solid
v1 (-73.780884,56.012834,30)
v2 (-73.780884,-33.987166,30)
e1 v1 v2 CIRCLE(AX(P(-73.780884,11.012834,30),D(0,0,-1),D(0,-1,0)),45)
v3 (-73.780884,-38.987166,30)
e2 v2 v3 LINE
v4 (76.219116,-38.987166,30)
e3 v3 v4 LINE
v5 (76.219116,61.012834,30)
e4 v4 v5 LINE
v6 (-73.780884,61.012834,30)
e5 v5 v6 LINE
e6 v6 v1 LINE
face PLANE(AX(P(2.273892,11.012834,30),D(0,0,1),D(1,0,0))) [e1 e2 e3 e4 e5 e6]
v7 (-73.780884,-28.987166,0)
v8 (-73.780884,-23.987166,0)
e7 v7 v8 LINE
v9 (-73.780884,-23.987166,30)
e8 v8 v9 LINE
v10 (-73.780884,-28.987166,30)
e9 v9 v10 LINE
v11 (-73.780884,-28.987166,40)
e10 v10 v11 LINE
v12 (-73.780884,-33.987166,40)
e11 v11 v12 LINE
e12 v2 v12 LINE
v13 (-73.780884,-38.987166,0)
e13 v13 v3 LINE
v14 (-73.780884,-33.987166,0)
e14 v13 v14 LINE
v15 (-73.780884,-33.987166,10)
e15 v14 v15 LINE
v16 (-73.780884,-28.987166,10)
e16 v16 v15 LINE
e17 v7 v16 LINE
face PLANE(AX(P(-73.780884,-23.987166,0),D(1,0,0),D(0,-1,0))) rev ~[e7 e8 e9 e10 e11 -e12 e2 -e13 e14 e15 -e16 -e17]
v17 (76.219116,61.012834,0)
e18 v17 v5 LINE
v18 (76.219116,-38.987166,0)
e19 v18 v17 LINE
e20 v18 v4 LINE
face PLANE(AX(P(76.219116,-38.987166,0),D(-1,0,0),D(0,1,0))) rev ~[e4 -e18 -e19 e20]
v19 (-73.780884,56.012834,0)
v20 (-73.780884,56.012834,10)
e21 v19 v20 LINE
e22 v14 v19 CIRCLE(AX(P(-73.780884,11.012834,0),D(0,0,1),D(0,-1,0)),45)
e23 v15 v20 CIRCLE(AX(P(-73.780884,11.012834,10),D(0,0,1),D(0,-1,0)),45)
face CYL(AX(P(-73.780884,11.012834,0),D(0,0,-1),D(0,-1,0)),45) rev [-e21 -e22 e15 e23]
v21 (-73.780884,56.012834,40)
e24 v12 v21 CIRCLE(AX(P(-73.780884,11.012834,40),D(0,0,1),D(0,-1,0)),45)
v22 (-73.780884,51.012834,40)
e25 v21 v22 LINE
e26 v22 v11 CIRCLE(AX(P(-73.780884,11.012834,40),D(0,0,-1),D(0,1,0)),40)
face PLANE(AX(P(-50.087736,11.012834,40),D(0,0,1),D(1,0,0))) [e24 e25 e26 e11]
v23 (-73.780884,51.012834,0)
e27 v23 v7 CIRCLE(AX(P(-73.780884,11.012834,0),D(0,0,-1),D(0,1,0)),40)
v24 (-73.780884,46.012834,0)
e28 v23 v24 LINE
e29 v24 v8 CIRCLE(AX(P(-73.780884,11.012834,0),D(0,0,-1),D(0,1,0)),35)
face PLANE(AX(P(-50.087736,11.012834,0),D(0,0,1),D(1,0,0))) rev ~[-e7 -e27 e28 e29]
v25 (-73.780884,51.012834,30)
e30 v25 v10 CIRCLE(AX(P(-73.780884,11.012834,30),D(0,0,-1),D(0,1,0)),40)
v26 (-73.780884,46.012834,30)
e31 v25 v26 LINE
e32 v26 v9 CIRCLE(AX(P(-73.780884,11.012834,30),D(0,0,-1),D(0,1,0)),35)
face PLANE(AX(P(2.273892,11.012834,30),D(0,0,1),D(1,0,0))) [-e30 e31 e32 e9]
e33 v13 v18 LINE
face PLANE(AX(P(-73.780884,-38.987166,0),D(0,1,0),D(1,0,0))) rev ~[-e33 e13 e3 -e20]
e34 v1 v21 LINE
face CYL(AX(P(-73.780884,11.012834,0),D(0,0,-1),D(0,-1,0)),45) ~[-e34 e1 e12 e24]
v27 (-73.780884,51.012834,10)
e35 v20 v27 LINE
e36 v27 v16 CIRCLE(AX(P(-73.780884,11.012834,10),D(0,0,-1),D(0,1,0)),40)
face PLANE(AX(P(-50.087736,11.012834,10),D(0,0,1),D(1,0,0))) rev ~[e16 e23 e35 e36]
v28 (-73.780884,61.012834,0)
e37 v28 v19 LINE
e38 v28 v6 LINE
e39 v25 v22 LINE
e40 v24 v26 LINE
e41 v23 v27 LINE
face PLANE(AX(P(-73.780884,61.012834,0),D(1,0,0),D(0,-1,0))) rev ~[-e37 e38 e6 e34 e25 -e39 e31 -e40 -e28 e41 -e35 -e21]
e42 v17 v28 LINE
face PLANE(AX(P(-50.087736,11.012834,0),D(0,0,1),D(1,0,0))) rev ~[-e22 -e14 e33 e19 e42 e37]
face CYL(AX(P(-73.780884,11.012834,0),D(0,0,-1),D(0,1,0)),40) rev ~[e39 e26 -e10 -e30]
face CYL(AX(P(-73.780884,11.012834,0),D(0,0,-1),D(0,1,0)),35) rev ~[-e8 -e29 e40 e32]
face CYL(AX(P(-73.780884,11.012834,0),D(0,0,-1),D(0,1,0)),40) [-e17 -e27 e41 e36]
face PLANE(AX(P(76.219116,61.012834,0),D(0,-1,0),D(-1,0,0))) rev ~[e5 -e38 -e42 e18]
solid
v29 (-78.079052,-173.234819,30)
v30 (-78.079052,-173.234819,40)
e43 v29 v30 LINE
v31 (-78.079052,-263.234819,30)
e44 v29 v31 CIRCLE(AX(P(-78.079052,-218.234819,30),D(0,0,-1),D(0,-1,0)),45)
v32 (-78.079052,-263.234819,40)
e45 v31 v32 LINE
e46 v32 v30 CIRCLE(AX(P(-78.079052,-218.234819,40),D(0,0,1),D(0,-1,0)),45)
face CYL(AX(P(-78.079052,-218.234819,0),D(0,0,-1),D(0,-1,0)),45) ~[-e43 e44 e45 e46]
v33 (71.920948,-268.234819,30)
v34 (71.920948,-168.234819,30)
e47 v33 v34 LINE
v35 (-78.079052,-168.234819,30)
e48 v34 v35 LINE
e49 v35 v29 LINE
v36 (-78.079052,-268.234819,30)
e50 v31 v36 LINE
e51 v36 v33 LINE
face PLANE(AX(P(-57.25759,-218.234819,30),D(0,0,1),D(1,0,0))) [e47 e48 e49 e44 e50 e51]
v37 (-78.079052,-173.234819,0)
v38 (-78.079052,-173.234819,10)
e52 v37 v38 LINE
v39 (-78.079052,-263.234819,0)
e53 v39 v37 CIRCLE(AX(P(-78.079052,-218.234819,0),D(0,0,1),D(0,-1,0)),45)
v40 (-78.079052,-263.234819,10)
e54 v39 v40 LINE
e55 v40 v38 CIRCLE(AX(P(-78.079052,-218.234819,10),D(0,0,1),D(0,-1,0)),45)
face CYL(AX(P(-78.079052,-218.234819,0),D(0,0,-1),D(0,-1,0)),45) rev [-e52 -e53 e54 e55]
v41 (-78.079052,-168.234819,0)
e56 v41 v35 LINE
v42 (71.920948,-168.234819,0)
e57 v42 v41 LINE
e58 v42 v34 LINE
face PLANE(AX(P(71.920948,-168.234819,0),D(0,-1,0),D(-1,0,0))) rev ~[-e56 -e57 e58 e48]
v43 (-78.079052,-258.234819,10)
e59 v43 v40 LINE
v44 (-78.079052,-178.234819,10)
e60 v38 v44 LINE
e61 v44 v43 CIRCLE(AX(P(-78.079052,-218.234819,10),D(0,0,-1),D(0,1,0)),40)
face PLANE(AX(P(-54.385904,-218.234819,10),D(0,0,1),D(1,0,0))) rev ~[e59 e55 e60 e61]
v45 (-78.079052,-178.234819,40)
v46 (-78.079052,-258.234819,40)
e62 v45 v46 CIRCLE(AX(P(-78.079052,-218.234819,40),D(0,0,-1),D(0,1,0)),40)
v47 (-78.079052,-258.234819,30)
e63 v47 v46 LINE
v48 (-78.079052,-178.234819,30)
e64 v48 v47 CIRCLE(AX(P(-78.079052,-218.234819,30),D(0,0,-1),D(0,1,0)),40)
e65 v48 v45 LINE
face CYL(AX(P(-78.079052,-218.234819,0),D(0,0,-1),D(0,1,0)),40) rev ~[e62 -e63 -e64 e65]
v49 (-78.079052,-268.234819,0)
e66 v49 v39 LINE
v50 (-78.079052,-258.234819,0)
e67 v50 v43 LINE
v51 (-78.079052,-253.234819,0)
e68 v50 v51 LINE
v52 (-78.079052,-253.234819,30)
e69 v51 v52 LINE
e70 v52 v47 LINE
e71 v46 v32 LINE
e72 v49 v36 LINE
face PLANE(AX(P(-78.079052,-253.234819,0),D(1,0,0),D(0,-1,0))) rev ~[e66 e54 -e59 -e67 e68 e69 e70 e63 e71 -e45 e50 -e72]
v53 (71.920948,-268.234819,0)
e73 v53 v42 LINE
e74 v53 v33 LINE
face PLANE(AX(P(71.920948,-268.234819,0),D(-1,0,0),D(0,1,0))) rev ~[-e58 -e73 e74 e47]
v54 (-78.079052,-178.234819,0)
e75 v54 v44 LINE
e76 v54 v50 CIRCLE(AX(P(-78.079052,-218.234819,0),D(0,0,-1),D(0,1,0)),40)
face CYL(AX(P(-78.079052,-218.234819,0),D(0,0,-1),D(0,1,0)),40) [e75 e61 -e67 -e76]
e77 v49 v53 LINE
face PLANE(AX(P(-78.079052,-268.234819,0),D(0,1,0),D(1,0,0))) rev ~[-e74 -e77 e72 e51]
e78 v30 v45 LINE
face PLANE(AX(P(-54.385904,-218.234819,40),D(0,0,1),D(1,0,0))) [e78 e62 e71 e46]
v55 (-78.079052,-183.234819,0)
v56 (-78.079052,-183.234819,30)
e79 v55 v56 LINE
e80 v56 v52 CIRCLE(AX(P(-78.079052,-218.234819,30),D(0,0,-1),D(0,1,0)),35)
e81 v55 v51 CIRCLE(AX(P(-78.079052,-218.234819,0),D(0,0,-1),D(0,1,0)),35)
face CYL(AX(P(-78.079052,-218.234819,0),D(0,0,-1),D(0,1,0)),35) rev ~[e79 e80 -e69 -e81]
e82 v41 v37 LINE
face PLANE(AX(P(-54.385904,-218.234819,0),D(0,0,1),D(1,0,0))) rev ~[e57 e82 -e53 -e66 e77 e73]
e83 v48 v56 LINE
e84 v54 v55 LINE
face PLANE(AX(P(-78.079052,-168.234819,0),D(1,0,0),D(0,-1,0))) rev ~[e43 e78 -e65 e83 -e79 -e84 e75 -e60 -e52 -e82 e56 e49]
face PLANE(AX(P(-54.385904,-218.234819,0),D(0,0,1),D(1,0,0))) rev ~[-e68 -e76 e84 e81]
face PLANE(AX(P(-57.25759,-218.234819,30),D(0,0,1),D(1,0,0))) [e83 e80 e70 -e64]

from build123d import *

# Parameters (mm, degrees)
F1_DEPTH = 30
F2_DEPTH = 40
F3_DEPTH = 10


with BuildPart() as f1:
    # F0 (on Top) → F1 (new body)
    with BuildSketch(Plane.XY):
        with BuildLine():
            ThreePointArc((-78.0790522695, -258.2348191738), (-38.0790522695, -218.2348191738), (-78.0790522695, -178.2348191738))
            Line((-78.0790522695, -178.2348191738), (-78.0790522695, -183.2348191738))
            ThreePointArc((-78.0790522695, -183.2348191738), (-43.0790522695, -218.2348191738), (-78.0790522695, -253.2348191738))
            Line((-78.0790522695, -253.2348191738), (-78.0790522695, -258.2348191738))
        make_face()
        with BuildLine():
            ThreePointArc((-78.0790522695, -268.2348191738), (-28.0790522695, -218.2348191738), (-78.0790522695, -168.2348191738))
            Line((-78.0790522695, -168.2348191738), (-78.0790522695, -173.2348191738))
            ThreePointArc((-78.0790522695, -173.2348191738), (-33.0790522695, -218.2348191738), (-78.0790522695, -263.2348191738))
            Line((-78.0790522695, -263.2348191738), (-78.0790522695, -268.2348191738))
        make_face()
        with BuildLine():
            ThreePointArc((-78.0790522695, -263.2348191738), (-33.0790522695, -218.2348191738), (-78.0790522695, -173.2348191738))
            Line((-78.0790522695, -173.2348191738), (-78.0790522695, -178.2348191738))
            ThreePointArc((-78.0790522695, -178.2348191738), (-38.0790522695, -218.2348191738), (-78.0790522695, -258.2348191738))
            Line((-78.0790522695, -258.2348191738), (-78.0790522695, -263.2348191738))
        make_face()
        with BuildLine():
            Line((71.9209477305, -168.2348191738), (-78.0790522695, -168.2348191738))
            ThreePointArc((-78.0790522695, -168.2348191738), (-28.0790522695, -218.2348191738), (-78.0790522695, -268.2348191738))
            Line((-78.0790522695, -268.2348191738), (71.9209477305, -268.2348191738))
            Line((71.9209477305, -268.2348191738), (71.9209477305, -168.2348191738))
        make_face()
    extrude(amount=F1_DEPTH)

    # F0 (on Top) → F2 (join)
    with BuildSketch(Plane.XY):
        with BuildLine():
            ThreePointArc((-78.0790522695, -263.2348191738), (-33.0790522695, -218.2348191738), (-78.0790522695, -173.2348191738))
            Line((-78.0790522695, -173.2348191738), (-78.0790522695, -178.2348191738))
            ThreePointArc((-78.0790522695, -178.2348191738), (-38.0790522695, -218.2348191738), (-78.0790522695, -258.2348191738))
            Line((-78.0790522695, -258.2348191738), (-78.0790522695, -263.2348191738))
        make_face()
    extrude(amount=F2_DEPTH)


with BuildPart() as f1b:
    # F0 (on Top) → F1, piece 2 (new body)
    with BuildSketch(Plane.XY):
        with BuildLine():
            Line((76.2191157851, 61.0128335655), (-73.7808842149, 61.0128335655))
            ThreePointArc((-73.7808842149, 61.0128335655), (-23.7808842149, 11.0128335655), (-73.7808842149, -38.9871664345))
            Line((-73.7808842149, -38.9871664345), (76.2191157851, -38.9871664345))
            Line((76.2191157851, -38.9871664345), (76.2191157851, 61.0128335655))
        make_face()
        with BuildLine():
            ThreePointArc((-73.7808842149, -38.9871664345), (-23.7808842149, 11.0128335655), (-73.7808842149, 61.0128335655))
            Line((-73.7808842149, 61.0128335655), (-73.7808842149, 56.0128335655))
            ThreePointArc((-73.7808842149, 56.0128335655), (-28.7808842149, 11.0128335655), (-73.7808842149, -33.9871664345))
            Line((-73.7808842149, -33.9871664345), (-73.7808842149, -38.9871664345))
        make_face()
        with BuildLine():
            ThreePointArc((-73.7808842149, -33.9871664345), (-28.7808842149, 11.0128335655), (-73.7808842149, 56.0128335655))
            Line((-73.7808842149, 56.0128335655), (-73.7808842149, 51.0128335655))
            ThreePointArc((-73.7808842149, 51.0128335655), (-33.7808842149, 11.0128335655), (-73.7808842149, -28.9871664345))
            Line((-73.7808842149, -28.9871664345), (-73.7808842149, -33.9871664345))
        make_face()
        with BuildLine():
            ThreePointArc((-73.7808842149, -28.9871664345), (-33.7808842149, 11.0128335655), (-73.7808842149, 51.0128335655))
            Line((-73.7808842149, 51.0128335655), (-73.7808842149, 46.0128335655))
            ThreePointArc((-73.7808842149, 46.0128335655), (-38.7808842149, 11.0128335655), (-73.7808842149, -23.9871664345))
            Line((-73.7808842149, -23.9871664345), (-73.7808842149, -28.9871664345))
        make_face()
    extrude(amount=F1_DEPTH)

    # F0 (on Top) → F2, piece 2 (join)
    with BuildSketch(Plane.XY):
        with BuildLine():
            ThreePointArc((-73.7808842149, -33.9871664345), (-28.7808842149, 11.0128335655), (-73.7808842149, 56.0128335655))
            Line((-73.7808842149, 56.0128335655), (-73.7808842149, 51.0128335655))
            ThreePointArc((-73.7808842149, 51.0128335655), (-33.7808842149, 11.0128335655), (-73.7808842149, -28.9871664345))
            Line((-73.7808842149, -28.9871664345), (-73.7808842149, -33.9871664345))
        make_face()
    extrude(amount=F2_DEPTH)


with BuildPart() as f3_tool:
    # F0 (on Top) → F3 (new body)
    with BuildSketch(Plane.XY):
        with BuildLine():
            ThreePointArc((-78.0790522695, -263.2348191738), (-33.0790522695, -218.2348191738), (-78.0790522695, -173.2348191738))
            Line((-78.0790522695, -173.2348191738), (-78.0790522695, -178.2348191738))
            ThreePointArc((-78.0790522695, -178.2348191738), (-38.0790522695, -218.2348191738), (-78.0790522695, -258.2348191738))
            Line((-78.0790522695, -258.2348191738), (-78.0790522695, -263.2348191738))
        make_face()
        with BuildLine():
            ThreePointArc((-73.7808842149, -33.9871664345), (-28.7808842149, 11.0128335655), (-73.7808842149, 56.0128335655))
            Line((-73.7808842149, 56.0128335655), (-73.7808842149, 51.0128335655))
            ThreePointArc((-73.7808842149, 51.0128335655), (-33.7808842149, 11.0128335655), (-73.7808842149, -28.9871664345))
            Line((-73.7808842149, -28.9871664345), (-73.7808842149, -33.9871664345))
        make_face()
    extrude(amount=F3_DEPTH)


with BuildPart() as f1_1:
    add(f1.part)

    # F3: cut by f3_tool
    add(f3_tool.part, mode=Mode.SUBTRACT)


with BuildPart() as f1b_1:
    add(f1b.part)

    # F3: cut by f3_tool
    add(f3_tool.part, mode=Mode.SUBTRACT)


solid = Compound([f1_1.part, f1b_1.part])
